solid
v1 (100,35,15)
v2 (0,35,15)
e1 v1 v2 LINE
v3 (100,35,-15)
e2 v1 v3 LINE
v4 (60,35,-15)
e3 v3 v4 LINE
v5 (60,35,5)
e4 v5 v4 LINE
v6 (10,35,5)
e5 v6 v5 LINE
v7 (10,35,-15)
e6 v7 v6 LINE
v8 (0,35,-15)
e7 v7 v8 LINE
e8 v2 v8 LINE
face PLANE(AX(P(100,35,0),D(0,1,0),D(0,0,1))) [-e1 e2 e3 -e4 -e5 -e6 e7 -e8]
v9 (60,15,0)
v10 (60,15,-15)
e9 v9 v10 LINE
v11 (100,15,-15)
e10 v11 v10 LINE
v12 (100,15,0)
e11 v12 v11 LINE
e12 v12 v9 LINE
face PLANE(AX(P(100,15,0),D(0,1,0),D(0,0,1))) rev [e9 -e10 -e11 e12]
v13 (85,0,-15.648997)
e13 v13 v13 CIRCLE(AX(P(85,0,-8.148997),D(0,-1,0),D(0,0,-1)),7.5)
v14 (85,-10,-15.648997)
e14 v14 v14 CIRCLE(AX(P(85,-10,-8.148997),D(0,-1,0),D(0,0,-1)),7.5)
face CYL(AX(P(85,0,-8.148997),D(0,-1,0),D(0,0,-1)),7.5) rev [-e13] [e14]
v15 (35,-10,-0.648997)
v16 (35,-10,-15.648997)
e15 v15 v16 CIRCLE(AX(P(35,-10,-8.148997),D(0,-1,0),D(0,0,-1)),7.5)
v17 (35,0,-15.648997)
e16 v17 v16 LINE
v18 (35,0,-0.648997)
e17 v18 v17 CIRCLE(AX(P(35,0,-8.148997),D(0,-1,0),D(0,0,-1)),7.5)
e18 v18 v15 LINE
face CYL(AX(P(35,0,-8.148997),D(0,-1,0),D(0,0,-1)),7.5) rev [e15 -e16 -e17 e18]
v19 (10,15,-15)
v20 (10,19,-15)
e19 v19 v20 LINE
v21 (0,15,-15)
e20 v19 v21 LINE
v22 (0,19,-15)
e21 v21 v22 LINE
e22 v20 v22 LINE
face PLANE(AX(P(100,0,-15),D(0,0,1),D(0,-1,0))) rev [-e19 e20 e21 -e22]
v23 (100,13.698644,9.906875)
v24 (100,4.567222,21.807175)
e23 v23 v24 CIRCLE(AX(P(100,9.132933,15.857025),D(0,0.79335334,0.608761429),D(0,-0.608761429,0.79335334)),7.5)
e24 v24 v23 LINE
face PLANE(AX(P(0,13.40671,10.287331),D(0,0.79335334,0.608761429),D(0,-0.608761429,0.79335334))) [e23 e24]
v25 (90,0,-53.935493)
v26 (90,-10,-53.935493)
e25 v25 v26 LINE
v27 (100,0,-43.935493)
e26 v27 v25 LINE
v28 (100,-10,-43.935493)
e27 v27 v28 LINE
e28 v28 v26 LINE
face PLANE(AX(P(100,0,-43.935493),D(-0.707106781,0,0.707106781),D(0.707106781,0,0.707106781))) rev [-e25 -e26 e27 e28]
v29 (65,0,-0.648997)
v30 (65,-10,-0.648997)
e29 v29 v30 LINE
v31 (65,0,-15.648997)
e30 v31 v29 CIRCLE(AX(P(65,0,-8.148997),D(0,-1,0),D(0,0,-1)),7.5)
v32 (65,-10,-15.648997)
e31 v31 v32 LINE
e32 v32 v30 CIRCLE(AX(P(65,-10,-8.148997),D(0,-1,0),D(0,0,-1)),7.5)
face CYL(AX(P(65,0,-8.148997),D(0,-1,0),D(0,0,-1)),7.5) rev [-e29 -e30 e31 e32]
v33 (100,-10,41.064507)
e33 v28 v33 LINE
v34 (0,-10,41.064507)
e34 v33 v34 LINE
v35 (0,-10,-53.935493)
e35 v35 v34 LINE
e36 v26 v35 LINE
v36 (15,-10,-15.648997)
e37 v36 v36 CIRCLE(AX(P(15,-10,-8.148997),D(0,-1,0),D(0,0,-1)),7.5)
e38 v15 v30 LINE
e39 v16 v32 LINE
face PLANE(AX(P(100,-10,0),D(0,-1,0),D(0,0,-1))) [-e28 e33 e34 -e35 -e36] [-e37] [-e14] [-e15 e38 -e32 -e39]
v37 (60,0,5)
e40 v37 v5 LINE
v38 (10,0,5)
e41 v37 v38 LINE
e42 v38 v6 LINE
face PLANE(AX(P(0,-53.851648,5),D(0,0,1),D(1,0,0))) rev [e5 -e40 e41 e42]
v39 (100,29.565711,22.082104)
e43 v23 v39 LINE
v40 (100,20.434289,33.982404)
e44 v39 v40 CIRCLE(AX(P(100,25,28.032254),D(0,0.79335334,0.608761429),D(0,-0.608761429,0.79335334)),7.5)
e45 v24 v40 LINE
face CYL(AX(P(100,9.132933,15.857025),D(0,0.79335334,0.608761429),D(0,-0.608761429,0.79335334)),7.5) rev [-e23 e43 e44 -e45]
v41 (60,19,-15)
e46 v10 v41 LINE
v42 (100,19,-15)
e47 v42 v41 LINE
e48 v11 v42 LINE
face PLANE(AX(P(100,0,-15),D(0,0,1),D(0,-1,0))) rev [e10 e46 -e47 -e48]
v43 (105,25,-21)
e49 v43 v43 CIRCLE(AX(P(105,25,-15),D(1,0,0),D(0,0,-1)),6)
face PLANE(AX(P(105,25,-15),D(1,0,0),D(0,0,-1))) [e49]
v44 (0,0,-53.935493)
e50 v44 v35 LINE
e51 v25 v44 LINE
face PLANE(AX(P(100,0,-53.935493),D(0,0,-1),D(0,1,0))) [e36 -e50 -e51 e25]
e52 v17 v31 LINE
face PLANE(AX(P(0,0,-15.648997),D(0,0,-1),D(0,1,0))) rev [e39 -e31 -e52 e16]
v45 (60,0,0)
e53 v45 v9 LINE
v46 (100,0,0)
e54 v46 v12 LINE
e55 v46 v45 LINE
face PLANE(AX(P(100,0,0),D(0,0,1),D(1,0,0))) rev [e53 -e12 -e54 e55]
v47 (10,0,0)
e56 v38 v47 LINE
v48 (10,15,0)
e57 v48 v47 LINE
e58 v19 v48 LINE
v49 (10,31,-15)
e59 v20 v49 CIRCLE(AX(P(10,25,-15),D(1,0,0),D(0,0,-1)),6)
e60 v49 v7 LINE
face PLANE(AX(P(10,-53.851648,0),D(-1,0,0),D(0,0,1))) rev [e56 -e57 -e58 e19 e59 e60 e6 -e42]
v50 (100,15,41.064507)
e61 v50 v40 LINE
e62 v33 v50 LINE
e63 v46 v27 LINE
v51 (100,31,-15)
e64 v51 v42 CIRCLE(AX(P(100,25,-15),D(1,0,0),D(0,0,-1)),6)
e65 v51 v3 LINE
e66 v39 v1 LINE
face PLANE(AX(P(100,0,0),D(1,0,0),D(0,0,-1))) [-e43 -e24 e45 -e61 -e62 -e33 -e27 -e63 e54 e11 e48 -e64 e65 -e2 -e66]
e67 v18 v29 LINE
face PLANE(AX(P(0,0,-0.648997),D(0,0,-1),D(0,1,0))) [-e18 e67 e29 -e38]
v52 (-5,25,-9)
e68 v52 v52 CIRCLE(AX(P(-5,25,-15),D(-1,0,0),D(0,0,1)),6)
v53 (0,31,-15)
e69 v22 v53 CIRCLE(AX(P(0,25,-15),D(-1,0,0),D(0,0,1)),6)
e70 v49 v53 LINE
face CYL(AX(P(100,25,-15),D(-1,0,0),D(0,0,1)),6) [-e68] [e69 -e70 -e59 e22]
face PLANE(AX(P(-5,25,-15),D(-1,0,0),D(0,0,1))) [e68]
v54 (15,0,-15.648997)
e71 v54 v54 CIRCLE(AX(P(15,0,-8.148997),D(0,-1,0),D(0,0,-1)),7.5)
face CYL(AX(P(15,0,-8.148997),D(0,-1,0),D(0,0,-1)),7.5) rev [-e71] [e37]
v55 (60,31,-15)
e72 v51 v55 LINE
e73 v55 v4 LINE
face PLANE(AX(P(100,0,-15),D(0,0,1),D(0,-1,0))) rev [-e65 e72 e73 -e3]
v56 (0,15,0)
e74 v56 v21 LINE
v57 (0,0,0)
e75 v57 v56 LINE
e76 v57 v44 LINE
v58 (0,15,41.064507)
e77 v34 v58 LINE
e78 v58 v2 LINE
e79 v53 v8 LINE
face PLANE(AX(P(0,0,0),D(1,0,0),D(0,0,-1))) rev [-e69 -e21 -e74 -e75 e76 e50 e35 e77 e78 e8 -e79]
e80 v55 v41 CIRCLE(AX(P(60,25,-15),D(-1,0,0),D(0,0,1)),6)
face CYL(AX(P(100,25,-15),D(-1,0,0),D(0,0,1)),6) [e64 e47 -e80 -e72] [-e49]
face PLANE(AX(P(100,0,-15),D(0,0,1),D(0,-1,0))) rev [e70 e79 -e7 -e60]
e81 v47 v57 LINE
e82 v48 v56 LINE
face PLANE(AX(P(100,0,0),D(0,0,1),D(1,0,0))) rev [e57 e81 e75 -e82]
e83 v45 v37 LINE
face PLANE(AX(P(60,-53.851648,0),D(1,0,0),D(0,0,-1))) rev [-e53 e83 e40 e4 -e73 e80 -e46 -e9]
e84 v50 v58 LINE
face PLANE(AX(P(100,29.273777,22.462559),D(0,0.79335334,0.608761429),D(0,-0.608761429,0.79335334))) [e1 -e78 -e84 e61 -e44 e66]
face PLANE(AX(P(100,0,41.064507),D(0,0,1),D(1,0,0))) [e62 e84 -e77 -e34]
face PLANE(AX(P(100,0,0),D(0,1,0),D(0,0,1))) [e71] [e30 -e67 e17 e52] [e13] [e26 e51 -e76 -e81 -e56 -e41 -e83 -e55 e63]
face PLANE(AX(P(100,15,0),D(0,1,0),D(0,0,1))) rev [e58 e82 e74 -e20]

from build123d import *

# Parameters (mm, degrees)
ESQUISSE1_R             = 6
BOSS_EXTRU_1_DEPTH      = 100
ESQUISSE2_R             = 6
BOSS_EXTRU_2_DEPTH      = 5
BOSS_EXTRU_3_START      = 5
ESQUISSE3_R             = 6
BOSS_EXTRU_3_DEPTH      = 5
ENL_V_MAT_EXTRU_1_DEPTH = 20
ENL_V_MAT_EXTRU_3_REACH = 128.329
ESQUISSE5_W             = 50
ESQUISSE5_H             = 20
ESQUISSE6_W             = 50
ESQUISSE6_H             = 6
ENL_V_MAT_EXTRU_4_DEPTH = 40
ENL_V_MAT_EXTRU_5_DEPTH = 10
ENL_V_MAT_EXTRU_6_DEPTH = 10


with BuildPart() as part:
    # Esquisse1 → Boss.-Extru.1 (new body)
    with BuildSketch(Plane(origin=(0, 0, 0), x_dir=(0, 0, -1), z_dir=(1, 0, 0))):
        with BuildLine():
            Line((53.935492543, 0), (0, 0))
            Line((0, 0), (0, 15))
            Line((0, 15), (15, 15))
            Line((15, 15), (15, 19))
            ThreePointArc((15, 19), (9, 25), (15, 31))
            Line((15, 31), (15, 35))
            Line((15, 35), (-15, 35))
            Line((-15, 35), (-41.064507457, 15))
            Line((-41.064507457, 15), (-41.064507457, -10))
            Line((-41.064507457, -10), (53.935492543, -10))
            Line((53.935492543, -10), (53.935492543, 0))
        make_face()
        with Locations((15, 25)):
            Circle(ESQUISSE1_R)
    extrude(amount=BOSS_EXTRU_1_DEPTH)

    # Esquisse2 → Boss.-Extru.2 (add)
    with BuildSketch(Plane(origin=(100, 0, 0), x_dir=(0, 0, -1), z_dir=(1, 0, 0))):
        with Locations(Location((15, 25, 0), (0, 0, 90))):
            Circle(ESQUISSE2_R)
    extrude(amount=BOSS_EXTRU_2_DEPTH)

    # Esquisse3 → Boss.-Extru.3 (add)
    with BuildSketch(Plane.ZY.offset(BOSS_EXTRU_3_START)):
        with Locations((-15, 25)):
            Circle(ESQUISSE3_R)
    extrude(amount=-BOSS_EXTRU_3_DEPTH)

    # Esquisse4 → Enlèv. mat.-Extru.1 (cut)
    with BuildSketch(Plane(origin=(0, 29.273776986, 22.462559122), x_dir=(1, 0, 0), z_dir=(0, 0.7933533402912363, 0.6087614290087194))):
        with BuildLine():
            ThreePointArc((107.5, -7.020446406), (105.303300859, -1.717145547), (100, 0.479553594))
            Line((100, 0.479553594), (100, -7.020446406))
            Line((100, -7.020446406), (100, -14.520446406))
            ThreePointArc((100, -14.520446406), (105.303300859, -12.323747265), (107.5, -7.020446406))
        make_face()
        with BuildLine():
            Line((100, -7.020446406), (100, 0.479553594))
            ThreePointArc((100, 0.479553594), (92.5, -7.020446406), (100, -14.520446406))
            Line((100, -14.520446406), (100, -7.020446406))
        make_face()
    extrude(amount=-ENL_V_MAT_EXTRU_1_DEPTH, mode=Mode.SUBTRACT)

    # Enlèv. mat.-Extru.3: up to this face of the body (flat: up to its plane)
    enl_v_mat_extru_3_end = Plane(part.part.faces().sort_by_distance((50, 0, -26.967746272))[0])
    # Esquisse5 → Enlèv. mat.-Extru.3 (cut, up to the picked face)
    with BuildSketch(Plane(origin=(0, 35, 0), x_dir=(1, 0, 0), z_dir=(0, 1, 0)), mode=Mode.PRIVATE) as enl_v_mat_extru_3_sk1:
        with Locations((35, 5)):
            Rectangle(ESQUISSE5_W, ESQUISSE5_H)
    enl_v_mat_extru_3_tool1 = split(extrude(enl_v_mat_extru_3_sk1.sketch, amount=-ENL_V_MAT_EXTRU_3_REACH, mode=Mode.PRIVATE), bisect_by=enl_v_mat_extru_3_end, keep=Keep.BOTH, mode=Mode.PRIVATE)
    add(enl_v_mat_extru_3_tool1.solids().sort_by(Axis((35, 35, -5), (0, -1, 0)))[0], mode=Mode.SUBTRACT)

    # Esquisse6 → Enlèv. mat.-Extru.4 (cut)
    with BuildSketch(Plane(origin=(0, 0, 0), x_dir=(1, 0, 0), z_dir=(0, 1, 0))):
        with Locations((35, 18)):
            Rectangle(ESQUISSE6_W, ESQUISSE6_H)
    extrude(amount=ENL_V_MAT_EXTRU_4_DEPTH, mode=Mode.SUBTRACT)

    # Esquisse7 → Enlèv. mat.-Extru.5 (cut)
    with BuildSketch(Plane.XZ.offset(10)):
        with BuildLine():
            ThreePointArc((22.5, -8.148997132), (15, -0.648997132), (7.5, -8.148997132))
            Line((7.5, -8.148997132), (15, -8.148997132))
            Line((15, -8.148997132), (22.5, -8.148997132))
        make_face()
        with BuildLine():
            Line((15, -8.148997132), (7.5, -8.148997132))
            ThreePointArc((7.5, -8.148997132), (15, -15.648997132), (22.5, -8.148997132))
            Line((22.5, -8.148997132), (15, -8.148997132))
        make_face()
        with BuildLine():
            ThreePointArc((35, -0.648997132), (29.696699141, -2.845696273), (27.5, -8.148997132))
            Line((27.5, -8.148997132), (35, -8.148997132))
            Line((35, -8.148997132), (65, -8.148997132))
            Line((65, -8.148997132), (72.5, -8.148997132))
            ThreePointArc((72.5, -8.148997132), (70.303300859, -2.845696273), (65, -0.648997132))
            Line((65, -0.648997132), (35, -0.648997132))
        make_face()
        with BuildLine():
            Line((35, -8.148997132), (27.5, -8.148997132))
            ThreePointArc((27.5, -8.148997132), (29.696699141, -13.452297991), (35, -15.648997132))
            Line((35, -15.648997132), (65, -15.648997132))
            ThreePointArc((65, -15.648997132), (70.303300859, -13.452297991), (72.5, -8.148997132))
            Line((72.5, -8.148997132), (65, -8.148997132))
            Line((65, -8.148997132), (35, -8.148997132))
        make_face()
        with BuildLine():
            ThreePointArc((92.5, -8.148997132), (85, -0.648997132), (77.5, -8.148997132))
            Line((77.5, -8.148997132), (85, -8.148997132))
            Line((85, -8.148997132), (92.5, -8.148997132))
        make_face()
        with BuildLine():
            Line((85, -8.148997132), (77.5, -8.148997132))
            ThreePointArc((77.5, -8.148997132), (85, -15.648997132), (92.5, -8.148997132))
            Line((92.5, -8.148997132), (85, -8.148997132))
        make_face()
    extrude(amount=-ENL_V_MAT_EXTRU_5_DEPTH, mode=Mode.SUBTRACT)

    # Esquisse8 → Enlèv. mat.-Extru.6 (cut)
    with BuildSketch(Plane.XZ.offset(10)):
        Polygon((100, -53.935492543), (100, -43.935492543), (90, -53.935492543), align=None)
    extrude(amount=-ENL_V_MAT_EXTRU_6_DEPTH, mode=Mode.SUBTRACT)


solid = part.part
